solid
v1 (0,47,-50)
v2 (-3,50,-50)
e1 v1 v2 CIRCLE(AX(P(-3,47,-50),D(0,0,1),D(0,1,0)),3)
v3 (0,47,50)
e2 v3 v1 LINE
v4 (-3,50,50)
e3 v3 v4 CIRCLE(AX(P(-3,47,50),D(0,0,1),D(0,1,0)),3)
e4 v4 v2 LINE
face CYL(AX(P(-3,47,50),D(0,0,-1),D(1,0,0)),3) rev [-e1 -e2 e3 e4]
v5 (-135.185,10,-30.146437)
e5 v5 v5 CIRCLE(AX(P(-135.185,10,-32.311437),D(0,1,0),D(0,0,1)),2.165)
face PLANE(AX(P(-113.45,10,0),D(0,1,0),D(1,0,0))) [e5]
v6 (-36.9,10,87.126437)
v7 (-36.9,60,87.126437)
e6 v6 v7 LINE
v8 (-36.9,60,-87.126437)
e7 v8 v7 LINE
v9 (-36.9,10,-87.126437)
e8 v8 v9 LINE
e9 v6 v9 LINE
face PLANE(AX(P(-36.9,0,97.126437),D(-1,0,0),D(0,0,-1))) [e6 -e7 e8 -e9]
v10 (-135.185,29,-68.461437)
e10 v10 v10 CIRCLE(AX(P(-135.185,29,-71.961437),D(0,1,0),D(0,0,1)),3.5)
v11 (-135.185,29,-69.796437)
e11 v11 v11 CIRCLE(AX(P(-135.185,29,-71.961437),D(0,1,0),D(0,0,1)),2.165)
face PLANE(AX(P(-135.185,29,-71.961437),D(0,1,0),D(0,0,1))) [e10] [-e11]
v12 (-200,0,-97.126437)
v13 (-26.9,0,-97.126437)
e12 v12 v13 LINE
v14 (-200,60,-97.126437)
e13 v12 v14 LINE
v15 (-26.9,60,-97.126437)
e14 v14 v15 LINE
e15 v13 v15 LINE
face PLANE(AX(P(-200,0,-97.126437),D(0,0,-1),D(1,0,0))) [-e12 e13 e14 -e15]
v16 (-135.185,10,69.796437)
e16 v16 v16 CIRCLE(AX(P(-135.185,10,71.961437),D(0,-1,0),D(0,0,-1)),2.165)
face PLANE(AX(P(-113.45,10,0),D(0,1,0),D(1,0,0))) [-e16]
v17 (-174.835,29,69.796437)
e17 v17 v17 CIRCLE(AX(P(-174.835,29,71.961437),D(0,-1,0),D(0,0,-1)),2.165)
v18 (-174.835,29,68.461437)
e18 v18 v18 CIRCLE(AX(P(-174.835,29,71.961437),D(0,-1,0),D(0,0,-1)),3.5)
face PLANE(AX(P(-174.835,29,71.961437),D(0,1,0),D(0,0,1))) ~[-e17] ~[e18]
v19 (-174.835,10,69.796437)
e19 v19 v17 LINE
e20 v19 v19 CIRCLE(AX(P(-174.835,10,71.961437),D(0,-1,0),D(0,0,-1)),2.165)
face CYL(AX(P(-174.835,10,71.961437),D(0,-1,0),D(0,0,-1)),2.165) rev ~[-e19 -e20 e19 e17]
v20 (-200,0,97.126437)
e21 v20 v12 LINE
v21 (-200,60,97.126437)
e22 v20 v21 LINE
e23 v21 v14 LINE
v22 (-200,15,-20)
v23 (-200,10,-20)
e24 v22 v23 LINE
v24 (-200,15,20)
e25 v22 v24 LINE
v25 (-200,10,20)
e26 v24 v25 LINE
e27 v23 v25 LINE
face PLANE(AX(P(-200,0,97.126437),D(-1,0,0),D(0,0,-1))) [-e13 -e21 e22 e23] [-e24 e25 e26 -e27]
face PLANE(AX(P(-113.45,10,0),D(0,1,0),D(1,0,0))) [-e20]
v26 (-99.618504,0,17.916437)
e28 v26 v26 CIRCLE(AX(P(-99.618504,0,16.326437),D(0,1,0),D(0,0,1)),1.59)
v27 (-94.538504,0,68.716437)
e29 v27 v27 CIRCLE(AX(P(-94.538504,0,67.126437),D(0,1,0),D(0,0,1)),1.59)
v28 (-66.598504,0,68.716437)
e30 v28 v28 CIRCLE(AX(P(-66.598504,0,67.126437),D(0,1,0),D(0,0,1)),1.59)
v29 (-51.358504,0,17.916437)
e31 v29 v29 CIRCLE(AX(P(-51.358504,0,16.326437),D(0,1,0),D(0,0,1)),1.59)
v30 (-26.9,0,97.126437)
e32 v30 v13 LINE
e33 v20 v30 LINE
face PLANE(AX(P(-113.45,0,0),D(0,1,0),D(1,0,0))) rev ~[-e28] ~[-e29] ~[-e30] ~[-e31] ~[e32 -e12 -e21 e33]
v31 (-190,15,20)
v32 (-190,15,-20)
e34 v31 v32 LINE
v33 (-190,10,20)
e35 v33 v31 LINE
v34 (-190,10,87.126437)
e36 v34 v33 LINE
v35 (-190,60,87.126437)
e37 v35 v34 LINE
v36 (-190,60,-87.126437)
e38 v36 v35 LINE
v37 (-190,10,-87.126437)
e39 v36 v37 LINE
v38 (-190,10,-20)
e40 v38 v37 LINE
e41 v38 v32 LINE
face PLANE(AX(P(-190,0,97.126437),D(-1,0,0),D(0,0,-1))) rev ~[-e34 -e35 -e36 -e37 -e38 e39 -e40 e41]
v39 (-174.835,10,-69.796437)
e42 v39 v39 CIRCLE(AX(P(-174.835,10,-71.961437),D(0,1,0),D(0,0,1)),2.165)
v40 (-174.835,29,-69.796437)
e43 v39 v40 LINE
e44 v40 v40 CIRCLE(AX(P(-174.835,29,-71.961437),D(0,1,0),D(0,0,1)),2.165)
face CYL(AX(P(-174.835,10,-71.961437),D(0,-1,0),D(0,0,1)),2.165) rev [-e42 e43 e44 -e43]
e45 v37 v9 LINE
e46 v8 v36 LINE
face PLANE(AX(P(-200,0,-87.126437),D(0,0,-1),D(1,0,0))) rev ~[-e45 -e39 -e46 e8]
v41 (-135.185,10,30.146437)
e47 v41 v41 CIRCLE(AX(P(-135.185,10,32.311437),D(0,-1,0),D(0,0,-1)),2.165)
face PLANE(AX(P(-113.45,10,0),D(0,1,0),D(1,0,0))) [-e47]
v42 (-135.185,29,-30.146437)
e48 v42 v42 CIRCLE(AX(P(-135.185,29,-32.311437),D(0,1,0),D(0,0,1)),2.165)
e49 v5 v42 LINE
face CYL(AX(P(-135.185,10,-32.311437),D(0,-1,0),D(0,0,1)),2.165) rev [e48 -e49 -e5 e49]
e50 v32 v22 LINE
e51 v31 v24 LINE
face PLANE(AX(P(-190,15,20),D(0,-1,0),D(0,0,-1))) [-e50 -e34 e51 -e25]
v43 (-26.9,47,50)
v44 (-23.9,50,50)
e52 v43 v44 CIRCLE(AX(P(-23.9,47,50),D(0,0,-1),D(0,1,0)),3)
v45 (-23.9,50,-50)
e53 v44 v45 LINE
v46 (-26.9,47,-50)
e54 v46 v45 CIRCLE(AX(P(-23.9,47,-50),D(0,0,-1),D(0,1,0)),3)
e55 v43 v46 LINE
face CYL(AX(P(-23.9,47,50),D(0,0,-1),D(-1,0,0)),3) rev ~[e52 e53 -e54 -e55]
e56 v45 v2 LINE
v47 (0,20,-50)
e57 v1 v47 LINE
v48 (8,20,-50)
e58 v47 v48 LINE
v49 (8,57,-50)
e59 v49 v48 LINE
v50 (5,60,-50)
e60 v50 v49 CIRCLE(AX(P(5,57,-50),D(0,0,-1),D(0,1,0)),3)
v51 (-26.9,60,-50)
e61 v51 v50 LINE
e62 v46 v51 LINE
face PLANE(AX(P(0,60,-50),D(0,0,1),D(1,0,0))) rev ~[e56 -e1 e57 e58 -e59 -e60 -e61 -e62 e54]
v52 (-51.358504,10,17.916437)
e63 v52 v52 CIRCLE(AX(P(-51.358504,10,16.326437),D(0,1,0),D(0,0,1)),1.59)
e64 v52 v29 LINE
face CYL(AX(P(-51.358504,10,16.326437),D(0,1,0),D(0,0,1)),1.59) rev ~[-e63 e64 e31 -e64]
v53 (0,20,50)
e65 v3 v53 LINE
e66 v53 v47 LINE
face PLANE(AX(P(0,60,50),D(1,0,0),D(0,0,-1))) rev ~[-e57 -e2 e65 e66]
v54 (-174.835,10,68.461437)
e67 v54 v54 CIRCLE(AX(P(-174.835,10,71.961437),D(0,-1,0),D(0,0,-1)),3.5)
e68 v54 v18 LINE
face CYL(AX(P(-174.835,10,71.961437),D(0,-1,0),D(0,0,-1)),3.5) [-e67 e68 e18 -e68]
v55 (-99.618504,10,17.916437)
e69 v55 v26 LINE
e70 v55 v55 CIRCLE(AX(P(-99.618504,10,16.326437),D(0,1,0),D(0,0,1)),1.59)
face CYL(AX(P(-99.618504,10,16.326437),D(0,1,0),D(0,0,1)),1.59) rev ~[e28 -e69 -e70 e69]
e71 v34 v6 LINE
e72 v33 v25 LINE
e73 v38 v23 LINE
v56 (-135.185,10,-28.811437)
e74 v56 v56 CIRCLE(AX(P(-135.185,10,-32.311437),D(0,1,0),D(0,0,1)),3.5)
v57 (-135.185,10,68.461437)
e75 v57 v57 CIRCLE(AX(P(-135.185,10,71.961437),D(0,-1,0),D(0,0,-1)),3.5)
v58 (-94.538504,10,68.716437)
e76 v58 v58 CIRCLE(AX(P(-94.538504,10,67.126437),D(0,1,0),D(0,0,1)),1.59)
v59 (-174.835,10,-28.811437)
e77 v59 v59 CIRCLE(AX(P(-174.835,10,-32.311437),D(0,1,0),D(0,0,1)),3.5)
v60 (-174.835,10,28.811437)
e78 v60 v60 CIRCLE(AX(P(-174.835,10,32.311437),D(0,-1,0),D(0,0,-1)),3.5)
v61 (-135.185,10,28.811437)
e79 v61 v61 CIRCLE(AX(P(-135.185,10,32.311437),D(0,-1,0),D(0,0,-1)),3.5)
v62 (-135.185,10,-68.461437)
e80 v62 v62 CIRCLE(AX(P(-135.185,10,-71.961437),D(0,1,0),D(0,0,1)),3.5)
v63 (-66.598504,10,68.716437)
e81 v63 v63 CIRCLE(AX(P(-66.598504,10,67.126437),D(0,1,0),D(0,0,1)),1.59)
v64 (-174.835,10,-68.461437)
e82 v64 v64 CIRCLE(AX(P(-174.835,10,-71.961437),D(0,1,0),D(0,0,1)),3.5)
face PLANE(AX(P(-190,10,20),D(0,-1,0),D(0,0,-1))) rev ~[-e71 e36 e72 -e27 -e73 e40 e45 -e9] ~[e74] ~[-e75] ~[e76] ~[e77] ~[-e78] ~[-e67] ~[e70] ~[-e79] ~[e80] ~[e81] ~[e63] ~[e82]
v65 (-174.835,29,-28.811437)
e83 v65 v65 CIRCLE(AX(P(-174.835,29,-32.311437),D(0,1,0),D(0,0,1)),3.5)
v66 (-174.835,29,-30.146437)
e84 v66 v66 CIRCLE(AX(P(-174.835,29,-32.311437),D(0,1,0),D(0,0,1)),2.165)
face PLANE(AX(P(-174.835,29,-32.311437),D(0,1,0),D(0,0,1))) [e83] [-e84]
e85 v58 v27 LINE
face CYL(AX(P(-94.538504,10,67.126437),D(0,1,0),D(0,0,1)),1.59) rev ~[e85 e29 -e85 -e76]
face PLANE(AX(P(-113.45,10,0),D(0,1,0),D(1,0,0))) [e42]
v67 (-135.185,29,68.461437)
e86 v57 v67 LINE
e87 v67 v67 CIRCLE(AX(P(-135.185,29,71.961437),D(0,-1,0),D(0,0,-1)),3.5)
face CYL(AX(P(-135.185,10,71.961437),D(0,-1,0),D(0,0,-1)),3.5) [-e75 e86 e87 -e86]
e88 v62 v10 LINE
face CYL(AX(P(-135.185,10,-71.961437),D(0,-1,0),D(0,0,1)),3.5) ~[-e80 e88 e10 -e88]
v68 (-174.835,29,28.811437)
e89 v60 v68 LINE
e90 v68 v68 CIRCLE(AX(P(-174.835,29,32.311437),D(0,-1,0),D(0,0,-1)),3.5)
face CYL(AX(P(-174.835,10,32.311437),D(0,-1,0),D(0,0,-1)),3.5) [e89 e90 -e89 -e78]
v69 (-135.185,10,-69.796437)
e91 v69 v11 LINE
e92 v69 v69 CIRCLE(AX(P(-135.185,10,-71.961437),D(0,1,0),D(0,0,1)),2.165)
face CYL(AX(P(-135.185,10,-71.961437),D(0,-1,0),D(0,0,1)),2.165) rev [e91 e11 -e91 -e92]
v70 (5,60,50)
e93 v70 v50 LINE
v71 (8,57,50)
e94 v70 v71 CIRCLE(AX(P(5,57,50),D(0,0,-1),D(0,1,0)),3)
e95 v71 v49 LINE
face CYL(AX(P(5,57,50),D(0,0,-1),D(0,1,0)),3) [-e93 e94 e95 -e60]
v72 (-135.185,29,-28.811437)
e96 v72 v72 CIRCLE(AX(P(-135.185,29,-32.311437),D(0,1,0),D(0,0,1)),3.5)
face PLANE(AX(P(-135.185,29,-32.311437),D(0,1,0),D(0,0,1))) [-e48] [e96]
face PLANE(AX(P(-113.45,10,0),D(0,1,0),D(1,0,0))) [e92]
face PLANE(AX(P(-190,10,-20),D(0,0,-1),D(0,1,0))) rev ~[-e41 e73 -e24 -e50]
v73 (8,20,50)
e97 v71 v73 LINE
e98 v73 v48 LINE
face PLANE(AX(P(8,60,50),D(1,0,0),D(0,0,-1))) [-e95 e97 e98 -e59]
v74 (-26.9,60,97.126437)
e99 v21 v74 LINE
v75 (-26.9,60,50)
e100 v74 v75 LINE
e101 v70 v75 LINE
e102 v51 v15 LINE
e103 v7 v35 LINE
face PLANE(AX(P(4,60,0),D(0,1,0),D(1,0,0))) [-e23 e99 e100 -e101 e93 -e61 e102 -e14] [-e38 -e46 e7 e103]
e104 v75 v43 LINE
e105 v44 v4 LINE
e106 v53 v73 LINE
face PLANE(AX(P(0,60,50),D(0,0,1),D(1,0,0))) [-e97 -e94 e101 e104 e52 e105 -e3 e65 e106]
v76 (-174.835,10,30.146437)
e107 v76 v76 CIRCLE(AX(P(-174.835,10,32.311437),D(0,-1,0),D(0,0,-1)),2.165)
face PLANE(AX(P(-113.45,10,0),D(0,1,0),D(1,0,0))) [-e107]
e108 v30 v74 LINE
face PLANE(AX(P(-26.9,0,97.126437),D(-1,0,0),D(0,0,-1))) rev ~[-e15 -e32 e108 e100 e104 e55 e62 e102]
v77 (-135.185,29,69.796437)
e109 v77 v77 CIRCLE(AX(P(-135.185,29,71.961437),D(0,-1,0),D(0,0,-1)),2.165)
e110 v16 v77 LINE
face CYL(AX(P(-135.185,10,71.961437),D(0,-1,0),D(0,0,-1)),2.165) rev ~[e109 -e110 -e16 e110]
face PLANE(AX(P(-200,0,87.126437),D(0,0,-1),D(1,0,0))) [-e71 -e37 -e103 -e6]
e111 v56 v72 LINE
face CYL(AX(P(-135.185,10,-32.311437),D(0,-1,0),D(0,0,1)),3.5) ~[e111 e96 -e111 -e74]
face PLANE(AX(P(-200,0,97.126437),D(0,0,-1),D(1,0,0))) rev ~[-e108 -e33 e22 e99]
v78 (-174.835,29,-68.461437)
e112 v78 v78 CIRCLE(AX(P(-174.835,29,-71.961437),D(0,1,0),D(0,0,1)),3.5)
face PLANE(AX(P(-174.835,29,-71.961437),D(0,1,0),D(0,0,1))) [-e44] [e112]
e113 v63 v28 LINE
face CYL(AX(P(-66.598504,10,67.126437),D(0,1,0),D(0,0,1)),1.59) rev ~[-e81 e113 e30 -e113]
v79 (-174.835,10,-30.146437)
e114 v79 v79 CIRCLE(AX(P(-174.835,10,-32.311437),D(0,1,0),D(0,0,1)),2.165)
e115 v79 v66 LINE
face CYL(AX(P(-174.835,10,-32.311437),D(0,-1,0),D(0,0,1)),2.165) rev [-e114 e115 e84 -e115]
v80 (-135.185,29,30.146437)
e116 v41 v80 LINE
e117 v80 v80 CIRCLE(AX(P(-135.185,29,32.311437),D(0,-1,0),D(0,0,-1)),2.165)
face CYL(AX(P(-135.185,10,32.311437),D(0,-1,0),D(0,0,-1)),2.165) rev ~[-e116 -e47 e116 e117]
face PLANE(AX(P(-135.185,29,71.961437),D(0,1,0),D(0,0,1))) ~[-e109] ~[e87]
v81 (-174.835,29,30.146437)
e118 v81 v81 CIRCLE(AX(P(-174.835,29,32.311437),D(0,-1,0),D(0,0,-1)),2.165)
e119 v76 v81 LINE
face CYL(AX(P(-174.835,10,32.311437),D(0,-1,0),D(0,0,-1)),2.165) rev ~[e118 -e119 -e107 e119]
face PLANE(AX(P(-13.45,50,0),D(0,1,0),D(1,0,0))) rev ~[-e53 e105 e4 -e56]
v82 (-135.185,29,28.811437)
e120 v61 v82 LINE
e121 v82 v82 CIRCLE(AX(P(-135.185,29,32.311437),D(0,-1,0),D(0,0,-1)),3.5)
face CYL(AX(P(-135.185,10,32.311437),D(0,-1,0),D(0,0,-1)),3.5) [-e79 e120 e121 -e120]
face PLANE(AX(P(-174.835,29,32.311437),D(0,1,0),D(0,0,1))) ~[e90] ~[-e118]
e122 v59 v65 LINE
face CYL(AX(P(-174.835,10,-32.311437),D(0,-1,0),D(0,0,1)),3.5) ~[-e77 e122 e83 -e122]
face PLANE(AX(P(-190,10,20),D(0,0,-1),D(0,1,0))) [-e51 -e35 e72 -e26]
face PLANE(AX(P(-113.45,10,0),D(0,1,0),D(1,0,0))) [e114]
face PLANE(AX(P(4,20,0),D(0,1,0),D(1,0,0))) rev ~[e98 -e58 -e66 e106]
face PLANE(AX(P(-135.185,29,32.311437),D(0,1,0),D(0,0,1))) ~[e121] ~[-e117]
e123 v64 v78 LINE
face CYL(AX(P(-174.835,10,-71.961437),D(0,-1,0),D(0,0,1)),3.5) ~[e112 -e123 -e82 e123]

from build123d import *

# Parameters (mm, degrees)
CROQUIS1_W              = 173.1
CROQUIS1_H              = 194.252873564
SALIENTE_EXTRUIR1_DEPTH = 60
VACIADO1_T              = -10
CROQUIS2_R              = 3.5
CROQUIS2_R_2            = 2.165
SALIENTE_EXTRUIR2_DEPTH = 19
CROQUIS3_R              = 1.59
CROQUIS3_R_2            = 1.5875
CORTAR_EXTRUIR1_DEPTH   = 19
CROQUIS5_W              = 40
CROQUIS5_H              = 5
CORTAR_EXTRUIR2_DEPTH   = 19
CROQUIS6_W              = 26.9
CROQUIS6_H              = 100
SALIENTE_EXTRUIR3_DEPTH = 10
CROQUIS7_W              = 8
CROQUIS7_H              = 100
SALIENTE_EXTRUIR4_DEPTH = 40
REDONDEO1_R             = 3
REDONDEO2_R             = 3


with BuildPart() as part:
    # Croquis1 → Saliente-Extruir1 (new body)
    with BuildSketch(Plane(origin=(0, 0, 0), x_dir=(1, 0, 0), z_dir=(0, 1, 0))):
        with Locations((-113.45, 0)):
            Rectangle(CROQUIS1_W, CROQUIS1_H)
    extrude(amount=SALIENTE_EXTRUIR1_DEPTH)

    # Vaciado1
    vaciado1_openings = [part.faces().sort_by_distance(p)[0] for p in [
        (-113.45, 60, 0),
    ]]
    offset(amount=VACIADO1_T, openings=vaciado1_openings, kind=Kind.INTERSECTION)

    # Croquis2 → Saliente-Extruir2 (add)
    # profile 1 of 4: a face of its own
    with BuildSketch(Plane(origin=(0, 10, 0), x_dir=(1, 0, 0), z_dir=(0, 1, 0))):
        with Locations(Location((-135.185, 32.311436782, 0), (0, 0, 270))):
            Circle(CROQUIS2_R)
        with Locations(Location((-135.185, 32.311436782, 0), (0, 0, 270))):
            Circle(CROQUIS2_R_2, mode=Mode.SUBTRACT)
    # profile 2 of 4: a face of its own
    with BuildSketch(Plane(origin=(0, 10, 0), x_dir=(1, 0, 0), z_dir=(0, 1, 0))):
        with Locations(Location((-174.835, 32.311436782, 0), (0, 0, 270))):
            Circle(CROQUIS2_R)
        with Locations(Location((-174.835, 32.311436782, 0), (0, 0, 270))):
            Circle(CROQUIS2_R_2, mode=Mode.SUBTRACT)
    # profile 3 of 4: a face of its own
    with BuildSketch(Plane(origin=(0, 10, 0), x_dir=(1, 0, 0), z_dir=(0, 1, 0))):
        with Locations(Location((-174.835, 71.961436782, 0), (0, 0, 270))):
            Circle(CROQUIS2_R)
        with Locations(Location((-174.835, 71.961436782, 0), (0, 0, 270))):
            Circle(CROQUIS2_R_2, mode=Mode.SUBTRACT)
    # profile 4 of 4: a face of its own
    with BuildSketch(Plane(origin=(0, 10, 0), x_dir=(1, 0, 0), z_dir=(0, 1, 0))):
        with Locations(Location((-135.185, 71.961436782, 0), (0, 0, 270))):
            Circle(CROQUIS2_R)
        with Locations(Location((-135.185, 71.961436782, 0), (0, 0, 270))):
            Circle(CROQUIS2_R_2, mode=Mode.SUBTRACT)
    saliente_extruir2 = extrude(amount=SALIENTE_EXTRUIR2_DEPTH)

    # Simetría1: Saliente-Extruir2 across plane
    add(saliente_extruir2.mirror(Plane.XY))

    # Croquis3 → Cortar-Extruir1 (cut)
    # profile 1 of 5: a face of its own
    with BuildSketch(Plane(origin=(0, 10, 0), x_dir=(1, 0, 0), z_dir=(0, 1, 0))):
        with Locations(Location((-99.618504427, -16.326436782, 0), (0, 0, 270))):
            Circle(CROQUIS3_R)
    # profile 2 of 5: a face of its own
    with BuildSketch(Plane(origin=(0, 10, 0), x_dir=(1, 0, 0), z_dir=(0, 1, 0))):
        with Locations(Location((-51.358504427, -16.326436782, 0), (0, 0, 270))):
            Circle(CROQUIS3_R)
    # profile 3 of 5: a face of its own
    with BuildSketch(Plane(origin=(0, 10, 0), x_dir=(1, 0, 0), z_dir=(0, 1, 0))):
        with Locations(Location((-94.538504427, -67.126436782, 0), (0, 0, 270))):
            Circle(CROQUIS3_R)
    # profile 4 of 5: a face of its own
    with BuildSketch(Plane(origin=(0, 10, 0), x_dir=(1, 0, 0), z_dir=(0, 1, 0))):
        with Locations(Location((-66.598504427, -67.126436782, 0), (0, 0, 270))):
            Circle(CROQUIS3_R)
    # profile 5 of 5: a face of its own
    with BuildSketch(Plane(origin=(0, 10, 0), x_dir=(1, 0, 0), z_dir=(0, 1, 0))):
        Polygon((12.20327424, 3.574424869), (9.66327424, 1.034424869), (-3.29072576, 1.034424869), (-3.29072576, -65.005575131), (50.04927424, -65.005575131), (50.04927424, 1.034424869), (47.50927424, 1.034424869), (44.96927424, 3.574424869), align=None)
        with Locations((14.48927424, 1.034424869)):
            Circle(CROQUIS3_R_2, mode=Mode.SUBTRACT)
        with Locations((42.42927424, 1.034424869)):
            Circle(CROQUIS3_R_2, mode=Mode.SUBTRACT)
        with Locations((47.50927424, -51.035575131)):
            Circle(CROQUIS3_R_2, mode=Mode.SUBTRACT)
        with Locations((-0.75072576, -49.765575131)):
            Circle(CROQUIS3_R_2, mode=Mode.SUBTRACT)
    extrude(amount=-CORTAR_EXTRUIR1_DEPTH, mode=Mode.SUBTRACT)

    # Croquis5 → Cortar-Extruir2 (cut)
    with BuildSketch(Plane(origin=(-190, 0, 0), x_dir=(0, 0, -1), z_dir=(1, 0, 0))):
        with Locations((0, 12.5)):
            Rectangle(CROQUIS5_W, CROQUIS5_H)
    extrude(amount=-CORTAR_EXTRUIR2_DEPTH, mode=Mode.SUBTRACT)

    # Croquis6 → Saliente-Extruir3 (add)
    with BuildSketch(Plane(origin=(0, 60, 0), x_dir=(1, 0, 0), z_dir=(0, 1, 0))):
        with Locations((-13.45, 0)):
            Rectangle(CROQUIS6_W, CROQUIS6_H)
    extrude(amount=-SALIENTE_EXTRUIR3_DEPTH)

    # Croquis7 → Saliente-Extruir4 (add)
    with BuildSketch(Plane(origin=(0, 60, 0), x_dir=(1, 0, 0), z_dir=(0, 1, 0))):
        with Locations((4, 0)):
            Rectangle(CROQUIS7_W, CROQUIS7_H)
    extrude(amount=-SALIENTE_EXTRUIR4_DEPTH)

    # Redondeo1
    redondeo1_edges = [part.edges().sort_by_distance(p)[0] for p in [
        (-26.9, 50, 0),
        (0, 50, 0),
    ]]
    fillet(redondeo1_edges, radius=REDONDEO1_R)

    # Redondeo2
    redondeo2_edges = [part.edges().sort_by_distance(p)[0] for p in [
        (8, 60, 0),
    ]]
    fillet(redondeo2_edges, radius=REDONDEO2_R)


solid = part.part
